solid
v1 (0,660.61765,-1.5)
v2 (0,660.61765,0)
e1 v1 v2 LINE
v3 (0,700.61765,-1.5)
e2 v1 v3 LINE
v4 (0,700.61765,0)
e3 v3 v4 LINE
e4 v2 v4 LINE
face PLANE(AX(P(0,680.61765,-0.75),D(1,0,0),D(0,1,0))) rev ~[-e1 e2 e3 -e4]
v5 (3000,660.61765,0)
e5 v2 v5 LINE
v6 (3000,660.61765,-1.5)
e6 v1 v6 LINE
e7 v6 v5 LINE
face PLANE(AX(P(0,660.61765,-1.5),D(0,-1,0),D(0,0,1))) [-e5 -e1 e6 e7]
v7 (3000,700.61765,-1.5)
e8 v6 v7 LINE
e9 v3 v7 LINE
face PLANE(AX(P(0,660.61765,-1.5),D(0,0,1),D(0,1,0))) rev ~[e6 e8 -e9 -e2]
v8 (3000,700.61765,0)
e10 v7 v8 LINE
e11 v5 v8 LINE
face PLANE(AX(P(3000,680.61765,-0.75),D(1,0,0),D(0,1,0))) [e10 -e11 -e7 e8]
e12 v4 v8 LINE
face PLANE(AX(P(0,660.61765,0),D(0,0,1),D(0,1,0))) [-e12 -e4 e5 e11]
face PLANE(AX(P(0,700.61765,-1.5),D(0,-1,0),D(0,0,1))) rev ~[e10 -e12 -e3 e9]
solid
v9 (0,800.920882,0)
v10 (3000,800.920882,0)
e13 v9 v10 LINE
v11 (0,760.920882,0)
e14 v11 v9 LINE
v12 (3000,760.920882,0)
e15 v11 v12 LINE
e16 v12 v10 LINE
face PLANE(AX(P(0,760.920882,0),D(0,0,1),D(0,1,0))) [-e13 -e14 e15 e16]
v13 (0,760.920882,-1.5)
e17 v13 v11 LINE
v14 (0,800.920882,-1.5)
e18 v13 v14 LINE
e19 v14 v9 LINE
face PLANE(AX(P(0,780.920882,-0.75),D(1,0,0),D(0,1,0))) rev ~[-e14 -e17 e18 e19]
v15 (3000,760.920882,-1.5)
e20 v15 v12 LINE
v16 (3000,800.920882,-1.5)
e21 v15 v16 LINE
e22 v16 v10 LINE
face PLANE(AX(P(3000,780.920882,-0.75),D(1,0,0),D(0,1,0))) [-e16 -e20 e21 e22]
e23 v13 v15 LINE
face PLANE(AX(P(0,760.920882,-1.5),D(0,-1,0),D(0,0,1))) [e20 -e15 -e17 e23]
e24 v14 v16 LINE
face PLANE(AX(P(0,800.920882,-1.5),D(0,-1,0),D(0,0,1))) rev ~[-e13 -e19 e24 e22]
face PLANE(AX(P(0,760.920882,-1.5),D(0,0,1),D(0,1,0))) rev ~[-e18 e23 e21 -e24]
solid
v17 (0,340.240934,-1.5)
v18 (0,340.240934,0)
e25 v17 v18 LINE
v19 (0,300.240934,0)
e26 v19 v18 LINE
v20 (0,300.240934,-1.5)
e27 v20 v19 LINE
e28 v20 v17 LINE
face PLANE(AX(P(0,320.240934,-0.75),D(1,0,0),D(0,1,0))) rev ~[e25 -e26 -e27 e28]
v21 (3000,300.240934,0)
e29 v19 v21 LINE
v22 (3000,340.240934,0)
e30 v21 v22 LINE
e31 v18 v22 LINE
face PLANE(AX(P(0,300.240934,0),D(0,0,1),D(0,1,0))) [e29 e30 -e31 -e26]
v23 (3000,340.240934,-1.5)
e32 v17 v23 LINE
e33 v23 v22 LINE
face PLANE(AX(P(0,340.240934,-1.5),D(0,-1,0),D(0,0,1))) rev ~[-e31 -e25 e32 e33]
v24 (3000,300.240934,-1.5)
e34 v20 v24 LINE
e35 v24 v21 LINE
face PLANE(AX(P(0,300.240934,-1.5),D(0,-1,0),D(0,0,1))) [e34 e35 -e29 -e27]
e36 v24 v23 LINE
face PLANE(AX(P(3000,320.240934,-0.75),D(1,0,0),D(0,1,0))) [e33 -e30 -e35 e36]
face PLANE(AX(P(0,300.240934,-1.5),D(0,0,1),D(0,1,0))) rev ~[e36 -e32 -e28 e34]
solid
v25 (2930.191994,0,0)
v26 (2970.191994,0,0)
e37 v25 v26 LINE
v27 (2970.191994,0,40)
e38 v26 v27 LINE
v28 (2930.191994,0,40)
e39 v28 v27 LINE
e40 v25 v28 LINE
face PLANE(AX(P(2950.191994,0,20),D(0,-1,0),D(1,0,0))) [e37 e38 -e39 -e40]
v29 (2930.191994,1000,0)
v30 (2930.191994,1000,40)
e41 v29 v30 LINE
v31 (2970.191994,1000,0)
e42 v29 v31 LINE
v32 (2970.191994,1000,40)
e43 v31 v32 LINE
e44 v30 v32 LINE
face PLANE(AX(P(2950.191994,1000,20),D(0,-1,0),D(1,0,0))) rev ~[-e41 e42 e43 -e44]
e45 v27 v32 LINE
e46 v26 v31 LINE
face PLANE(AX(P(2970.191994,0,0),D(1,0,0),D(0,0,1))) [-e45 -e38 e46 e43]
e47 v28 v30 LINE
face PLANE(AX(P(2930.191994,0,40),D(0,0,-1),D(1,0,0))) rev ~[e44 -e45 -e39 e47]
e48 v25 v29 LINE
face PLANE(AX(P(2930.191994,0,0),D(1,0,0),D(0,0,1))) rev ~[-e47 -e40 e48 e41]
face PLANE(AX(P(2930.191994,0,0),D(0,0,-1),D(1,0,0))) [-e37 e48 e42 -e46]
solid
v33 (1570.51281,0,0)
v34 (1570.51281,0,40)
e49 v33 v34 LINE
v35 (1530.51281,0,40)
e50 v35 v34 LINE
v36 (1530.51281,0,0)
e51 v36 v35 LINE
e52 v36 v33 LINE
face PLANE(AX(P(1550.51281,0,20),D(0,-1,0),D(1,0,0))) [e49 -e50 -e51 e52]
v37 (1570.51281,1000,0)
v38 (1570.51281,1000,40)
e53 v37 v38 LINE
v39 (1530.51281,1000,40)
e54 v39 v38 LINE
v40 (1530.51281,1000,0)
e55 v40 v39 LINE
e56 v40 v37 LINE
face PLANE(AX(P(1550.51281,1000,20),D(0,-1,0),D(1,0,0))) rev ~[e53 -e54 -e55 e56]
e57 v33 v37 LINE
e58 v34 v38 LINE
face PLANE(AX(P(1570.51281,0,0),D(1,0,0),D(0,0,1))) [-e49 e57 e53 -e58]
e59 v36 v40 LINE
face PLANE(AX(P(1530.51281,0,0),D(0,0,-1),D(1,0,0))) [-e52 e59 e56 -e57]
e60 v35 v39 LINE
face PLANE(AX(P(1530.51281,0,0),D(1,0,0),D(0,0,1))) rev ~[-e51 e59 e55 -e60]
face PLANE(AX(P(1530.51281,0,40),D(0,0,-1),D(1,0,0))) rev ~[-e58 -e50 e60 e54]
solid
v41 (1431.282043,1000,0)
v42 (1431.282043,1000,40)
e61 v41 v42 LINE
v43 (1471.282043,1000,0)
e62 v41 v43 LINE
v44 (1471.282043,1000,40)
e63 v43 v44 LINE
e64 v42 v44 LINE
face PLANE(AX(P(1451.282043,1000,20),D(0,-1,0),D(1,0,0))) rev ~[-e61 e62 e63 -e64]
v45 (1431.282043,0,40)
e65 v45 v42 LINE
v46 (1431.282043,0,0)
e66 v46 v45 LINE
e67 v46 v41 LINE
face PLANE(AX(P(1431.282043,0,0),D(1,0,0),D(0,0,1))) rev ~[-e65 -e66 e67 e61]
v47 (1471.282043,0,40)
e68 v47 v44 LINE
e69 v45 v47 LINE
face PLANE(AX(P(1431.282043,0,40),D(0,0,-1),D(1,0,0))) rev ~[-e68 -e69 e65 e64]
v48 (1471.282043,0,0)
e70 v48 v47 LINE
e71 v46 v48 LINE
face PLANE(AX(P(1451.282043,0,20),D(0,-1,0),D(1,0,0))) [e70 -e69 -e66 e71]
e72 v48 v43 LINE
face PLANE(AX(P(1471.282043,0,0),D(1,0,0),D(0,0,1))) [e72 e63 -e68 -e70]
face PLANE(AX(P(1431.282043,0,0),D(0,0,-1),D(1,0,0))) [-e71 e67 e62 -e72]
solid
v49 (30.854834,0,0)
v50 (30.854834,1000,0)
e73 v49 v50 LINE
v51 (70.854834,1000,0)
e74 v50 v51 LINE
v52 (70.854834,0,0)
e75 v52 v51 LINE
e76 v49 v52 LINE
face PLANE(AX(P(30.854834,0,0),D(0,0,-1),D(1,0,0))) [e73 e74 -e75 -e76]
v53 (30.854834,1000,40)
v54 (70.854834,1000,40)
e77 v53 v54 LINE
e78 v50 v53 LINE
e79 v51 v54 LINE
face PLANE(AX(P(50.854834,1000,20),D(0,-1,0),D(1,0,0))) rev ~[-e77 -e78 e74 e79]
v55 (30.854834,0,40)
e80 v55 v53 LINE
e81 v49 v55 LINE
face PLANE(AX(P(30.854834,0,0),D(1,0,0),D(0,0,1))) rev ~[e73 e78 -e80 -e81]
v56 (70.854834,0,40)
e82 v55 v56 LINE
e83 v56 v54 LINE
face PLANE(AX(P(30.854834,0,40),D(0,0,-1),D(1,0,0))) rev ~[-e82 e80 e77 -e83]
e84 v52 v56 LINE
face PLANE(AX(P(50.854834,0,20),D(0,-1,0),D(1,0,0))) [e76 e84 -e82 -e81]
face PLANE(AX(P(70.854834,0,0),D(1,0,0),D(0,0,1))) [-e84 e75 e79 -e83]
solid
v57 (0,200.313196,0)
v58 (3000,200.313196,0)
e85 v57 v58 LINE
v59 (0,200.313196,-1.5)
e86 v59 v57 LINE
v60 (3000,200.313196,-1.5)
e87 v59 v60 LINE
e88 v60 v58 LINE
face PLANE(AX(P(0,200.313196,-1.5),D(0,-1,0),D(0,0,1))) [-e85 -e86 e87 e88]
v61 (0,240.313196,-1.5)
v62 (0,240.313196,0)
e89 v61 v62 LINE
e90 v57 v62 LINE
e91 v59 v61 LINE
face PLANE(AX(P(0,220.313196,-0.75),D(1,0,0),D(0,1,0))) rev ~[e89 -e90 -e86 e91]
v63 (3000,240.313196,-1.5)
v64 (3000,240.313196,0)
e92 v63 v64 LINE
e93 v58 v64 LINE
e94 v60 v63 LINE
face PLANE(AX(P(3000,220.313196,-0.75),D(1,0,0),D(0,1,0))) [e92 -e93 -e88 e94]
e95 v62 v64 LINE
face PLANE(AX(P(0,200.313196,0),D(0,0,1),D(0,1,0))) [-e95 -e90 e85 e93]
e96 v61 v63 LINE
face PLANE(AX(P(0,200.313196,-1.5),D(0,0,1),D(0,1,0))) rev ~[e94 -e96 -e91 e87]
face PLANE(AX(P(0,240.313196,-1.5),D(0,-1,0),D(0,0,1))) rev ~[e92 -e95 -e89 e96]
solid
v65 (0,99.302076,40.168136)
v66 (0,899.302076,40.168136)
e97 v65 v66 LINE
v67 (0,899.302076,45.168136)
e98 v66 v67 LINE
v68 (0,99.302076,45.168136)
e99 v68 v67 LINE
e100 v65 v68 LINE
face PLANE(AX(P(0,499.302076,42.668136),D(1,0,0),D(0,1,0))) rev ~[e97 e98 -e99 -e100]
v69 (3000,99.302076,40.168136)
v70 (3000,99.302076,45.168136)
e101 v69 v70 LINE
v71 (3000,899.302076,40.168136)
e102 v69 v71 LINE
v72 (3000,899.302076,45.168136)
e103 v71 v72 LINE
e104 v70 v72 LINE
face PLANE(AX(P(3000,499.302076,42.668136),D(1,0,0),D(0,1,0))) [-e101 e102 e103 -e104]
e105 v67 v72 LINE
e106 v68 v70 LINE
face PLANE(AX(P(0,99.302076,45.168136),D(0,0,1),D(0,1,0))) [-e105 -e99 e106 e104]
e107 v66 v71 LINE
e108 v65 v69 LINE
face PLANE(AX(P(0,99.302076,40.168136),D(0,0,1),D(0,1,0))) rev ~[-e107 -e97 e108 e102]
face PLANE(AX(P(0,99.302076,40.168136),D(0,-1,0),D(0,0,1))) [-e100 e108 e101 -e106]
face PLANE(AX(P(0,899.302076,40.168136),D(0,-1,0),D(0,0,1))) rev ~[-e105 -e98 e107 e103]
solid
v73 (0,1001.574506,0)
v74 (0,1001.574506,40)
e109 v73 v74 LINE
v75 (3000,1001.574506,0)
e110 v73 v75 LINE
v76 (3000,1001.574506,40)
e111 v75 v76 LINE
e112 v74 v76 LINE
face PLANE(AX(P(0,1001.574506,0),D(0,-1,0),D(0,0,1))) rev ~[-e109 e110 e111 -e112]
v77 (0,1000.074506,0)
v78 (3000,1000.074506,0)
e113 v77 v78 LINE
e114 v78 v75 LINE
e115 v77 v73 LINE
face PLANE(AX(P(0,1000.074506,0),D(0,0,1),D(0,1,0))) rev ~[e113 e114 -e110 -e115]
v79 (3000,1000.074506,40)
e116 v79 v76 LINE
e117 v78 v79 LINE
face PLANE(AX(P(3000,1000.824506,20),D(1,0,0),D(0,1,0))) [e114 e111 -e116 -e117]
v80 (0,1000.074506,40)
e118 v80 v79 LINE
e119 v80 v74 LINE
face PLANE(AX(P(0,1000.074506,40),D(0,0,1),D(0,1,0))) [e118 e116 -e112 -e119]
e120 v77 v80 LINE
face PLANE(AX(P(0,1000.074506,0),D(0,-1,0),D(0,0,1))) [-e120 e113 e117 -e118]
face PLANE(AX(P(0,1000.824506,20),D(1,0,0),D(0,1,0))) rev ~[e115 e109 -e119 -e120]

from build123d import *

# Parameters (mm, degrees)
F0_W     = 40
F0_H     = 40
F1_DEPTH = 1000
F2_W     = 40
F2_H     = 1.5
F3_DEPTH = 3000
F4_W     = 1.5
F4_H     = 40
F5_DEPTH = 3000
F6_W     = 800
F6_H     = 5
F7_DEPTH = 3000


with BuildPart() as f1:
    # F0 (on Front) → F1 (new body)
    with BuildSketch(Plane.XZ):
        with Locations((50.854834, 20)):
            Rectangle(F0_W, F0_H)
        with Locations((1451.282043, 20)):
            Rectangle(F0_W, F0_H)
        with Locations((1550.51281, 20)):
            Rectangle(F0_W, F0_H)
        with Locations((2950.191994, 20)):
            Rectangle(F0_W, F0_H)
    extrude(amount=-F1_DEPTH)


with BuildPart() as f3:
    # F2 (on Right) → F3 (new body)
    with BuildSketch(Plane.YZ):
        with Locations((780.920882, -0.75)):
            Rectangle(F2_W, F2_H)
        with Locations((680.61765, -0.75)):
            Rectangle(F2_W, F2_H)
        with Locations((320.240934, -0.75)):
            Rectangle(F2_W, F2_H)
        with Locations((220.313196, -0.75)):
            Rectangle(F2_W, F2_H)
    extrude(amount=F3_DEPTH)


with BuildPart() as f5:
    # F4 (on Right) → F5 (new body)
    with BuildSketch(Plane.YZ):
        with Locations((1000.824506, 20)):
            Rectangle(F4_W, F4_H)
    extrude(amount=F5_DEPTH)


with BuildPart() as f7:
    # F6 (on Right) → F7 (new body)
    with BuildSketch(Plane.YZ):
        with Locations((499.302076, 42.668136)):
            Rectangle(F6_W, F6_H)
    extrude(amount=F7_DEPTH)


solid = Compound([f1.part, f3.part, f5.part, f7.part])
